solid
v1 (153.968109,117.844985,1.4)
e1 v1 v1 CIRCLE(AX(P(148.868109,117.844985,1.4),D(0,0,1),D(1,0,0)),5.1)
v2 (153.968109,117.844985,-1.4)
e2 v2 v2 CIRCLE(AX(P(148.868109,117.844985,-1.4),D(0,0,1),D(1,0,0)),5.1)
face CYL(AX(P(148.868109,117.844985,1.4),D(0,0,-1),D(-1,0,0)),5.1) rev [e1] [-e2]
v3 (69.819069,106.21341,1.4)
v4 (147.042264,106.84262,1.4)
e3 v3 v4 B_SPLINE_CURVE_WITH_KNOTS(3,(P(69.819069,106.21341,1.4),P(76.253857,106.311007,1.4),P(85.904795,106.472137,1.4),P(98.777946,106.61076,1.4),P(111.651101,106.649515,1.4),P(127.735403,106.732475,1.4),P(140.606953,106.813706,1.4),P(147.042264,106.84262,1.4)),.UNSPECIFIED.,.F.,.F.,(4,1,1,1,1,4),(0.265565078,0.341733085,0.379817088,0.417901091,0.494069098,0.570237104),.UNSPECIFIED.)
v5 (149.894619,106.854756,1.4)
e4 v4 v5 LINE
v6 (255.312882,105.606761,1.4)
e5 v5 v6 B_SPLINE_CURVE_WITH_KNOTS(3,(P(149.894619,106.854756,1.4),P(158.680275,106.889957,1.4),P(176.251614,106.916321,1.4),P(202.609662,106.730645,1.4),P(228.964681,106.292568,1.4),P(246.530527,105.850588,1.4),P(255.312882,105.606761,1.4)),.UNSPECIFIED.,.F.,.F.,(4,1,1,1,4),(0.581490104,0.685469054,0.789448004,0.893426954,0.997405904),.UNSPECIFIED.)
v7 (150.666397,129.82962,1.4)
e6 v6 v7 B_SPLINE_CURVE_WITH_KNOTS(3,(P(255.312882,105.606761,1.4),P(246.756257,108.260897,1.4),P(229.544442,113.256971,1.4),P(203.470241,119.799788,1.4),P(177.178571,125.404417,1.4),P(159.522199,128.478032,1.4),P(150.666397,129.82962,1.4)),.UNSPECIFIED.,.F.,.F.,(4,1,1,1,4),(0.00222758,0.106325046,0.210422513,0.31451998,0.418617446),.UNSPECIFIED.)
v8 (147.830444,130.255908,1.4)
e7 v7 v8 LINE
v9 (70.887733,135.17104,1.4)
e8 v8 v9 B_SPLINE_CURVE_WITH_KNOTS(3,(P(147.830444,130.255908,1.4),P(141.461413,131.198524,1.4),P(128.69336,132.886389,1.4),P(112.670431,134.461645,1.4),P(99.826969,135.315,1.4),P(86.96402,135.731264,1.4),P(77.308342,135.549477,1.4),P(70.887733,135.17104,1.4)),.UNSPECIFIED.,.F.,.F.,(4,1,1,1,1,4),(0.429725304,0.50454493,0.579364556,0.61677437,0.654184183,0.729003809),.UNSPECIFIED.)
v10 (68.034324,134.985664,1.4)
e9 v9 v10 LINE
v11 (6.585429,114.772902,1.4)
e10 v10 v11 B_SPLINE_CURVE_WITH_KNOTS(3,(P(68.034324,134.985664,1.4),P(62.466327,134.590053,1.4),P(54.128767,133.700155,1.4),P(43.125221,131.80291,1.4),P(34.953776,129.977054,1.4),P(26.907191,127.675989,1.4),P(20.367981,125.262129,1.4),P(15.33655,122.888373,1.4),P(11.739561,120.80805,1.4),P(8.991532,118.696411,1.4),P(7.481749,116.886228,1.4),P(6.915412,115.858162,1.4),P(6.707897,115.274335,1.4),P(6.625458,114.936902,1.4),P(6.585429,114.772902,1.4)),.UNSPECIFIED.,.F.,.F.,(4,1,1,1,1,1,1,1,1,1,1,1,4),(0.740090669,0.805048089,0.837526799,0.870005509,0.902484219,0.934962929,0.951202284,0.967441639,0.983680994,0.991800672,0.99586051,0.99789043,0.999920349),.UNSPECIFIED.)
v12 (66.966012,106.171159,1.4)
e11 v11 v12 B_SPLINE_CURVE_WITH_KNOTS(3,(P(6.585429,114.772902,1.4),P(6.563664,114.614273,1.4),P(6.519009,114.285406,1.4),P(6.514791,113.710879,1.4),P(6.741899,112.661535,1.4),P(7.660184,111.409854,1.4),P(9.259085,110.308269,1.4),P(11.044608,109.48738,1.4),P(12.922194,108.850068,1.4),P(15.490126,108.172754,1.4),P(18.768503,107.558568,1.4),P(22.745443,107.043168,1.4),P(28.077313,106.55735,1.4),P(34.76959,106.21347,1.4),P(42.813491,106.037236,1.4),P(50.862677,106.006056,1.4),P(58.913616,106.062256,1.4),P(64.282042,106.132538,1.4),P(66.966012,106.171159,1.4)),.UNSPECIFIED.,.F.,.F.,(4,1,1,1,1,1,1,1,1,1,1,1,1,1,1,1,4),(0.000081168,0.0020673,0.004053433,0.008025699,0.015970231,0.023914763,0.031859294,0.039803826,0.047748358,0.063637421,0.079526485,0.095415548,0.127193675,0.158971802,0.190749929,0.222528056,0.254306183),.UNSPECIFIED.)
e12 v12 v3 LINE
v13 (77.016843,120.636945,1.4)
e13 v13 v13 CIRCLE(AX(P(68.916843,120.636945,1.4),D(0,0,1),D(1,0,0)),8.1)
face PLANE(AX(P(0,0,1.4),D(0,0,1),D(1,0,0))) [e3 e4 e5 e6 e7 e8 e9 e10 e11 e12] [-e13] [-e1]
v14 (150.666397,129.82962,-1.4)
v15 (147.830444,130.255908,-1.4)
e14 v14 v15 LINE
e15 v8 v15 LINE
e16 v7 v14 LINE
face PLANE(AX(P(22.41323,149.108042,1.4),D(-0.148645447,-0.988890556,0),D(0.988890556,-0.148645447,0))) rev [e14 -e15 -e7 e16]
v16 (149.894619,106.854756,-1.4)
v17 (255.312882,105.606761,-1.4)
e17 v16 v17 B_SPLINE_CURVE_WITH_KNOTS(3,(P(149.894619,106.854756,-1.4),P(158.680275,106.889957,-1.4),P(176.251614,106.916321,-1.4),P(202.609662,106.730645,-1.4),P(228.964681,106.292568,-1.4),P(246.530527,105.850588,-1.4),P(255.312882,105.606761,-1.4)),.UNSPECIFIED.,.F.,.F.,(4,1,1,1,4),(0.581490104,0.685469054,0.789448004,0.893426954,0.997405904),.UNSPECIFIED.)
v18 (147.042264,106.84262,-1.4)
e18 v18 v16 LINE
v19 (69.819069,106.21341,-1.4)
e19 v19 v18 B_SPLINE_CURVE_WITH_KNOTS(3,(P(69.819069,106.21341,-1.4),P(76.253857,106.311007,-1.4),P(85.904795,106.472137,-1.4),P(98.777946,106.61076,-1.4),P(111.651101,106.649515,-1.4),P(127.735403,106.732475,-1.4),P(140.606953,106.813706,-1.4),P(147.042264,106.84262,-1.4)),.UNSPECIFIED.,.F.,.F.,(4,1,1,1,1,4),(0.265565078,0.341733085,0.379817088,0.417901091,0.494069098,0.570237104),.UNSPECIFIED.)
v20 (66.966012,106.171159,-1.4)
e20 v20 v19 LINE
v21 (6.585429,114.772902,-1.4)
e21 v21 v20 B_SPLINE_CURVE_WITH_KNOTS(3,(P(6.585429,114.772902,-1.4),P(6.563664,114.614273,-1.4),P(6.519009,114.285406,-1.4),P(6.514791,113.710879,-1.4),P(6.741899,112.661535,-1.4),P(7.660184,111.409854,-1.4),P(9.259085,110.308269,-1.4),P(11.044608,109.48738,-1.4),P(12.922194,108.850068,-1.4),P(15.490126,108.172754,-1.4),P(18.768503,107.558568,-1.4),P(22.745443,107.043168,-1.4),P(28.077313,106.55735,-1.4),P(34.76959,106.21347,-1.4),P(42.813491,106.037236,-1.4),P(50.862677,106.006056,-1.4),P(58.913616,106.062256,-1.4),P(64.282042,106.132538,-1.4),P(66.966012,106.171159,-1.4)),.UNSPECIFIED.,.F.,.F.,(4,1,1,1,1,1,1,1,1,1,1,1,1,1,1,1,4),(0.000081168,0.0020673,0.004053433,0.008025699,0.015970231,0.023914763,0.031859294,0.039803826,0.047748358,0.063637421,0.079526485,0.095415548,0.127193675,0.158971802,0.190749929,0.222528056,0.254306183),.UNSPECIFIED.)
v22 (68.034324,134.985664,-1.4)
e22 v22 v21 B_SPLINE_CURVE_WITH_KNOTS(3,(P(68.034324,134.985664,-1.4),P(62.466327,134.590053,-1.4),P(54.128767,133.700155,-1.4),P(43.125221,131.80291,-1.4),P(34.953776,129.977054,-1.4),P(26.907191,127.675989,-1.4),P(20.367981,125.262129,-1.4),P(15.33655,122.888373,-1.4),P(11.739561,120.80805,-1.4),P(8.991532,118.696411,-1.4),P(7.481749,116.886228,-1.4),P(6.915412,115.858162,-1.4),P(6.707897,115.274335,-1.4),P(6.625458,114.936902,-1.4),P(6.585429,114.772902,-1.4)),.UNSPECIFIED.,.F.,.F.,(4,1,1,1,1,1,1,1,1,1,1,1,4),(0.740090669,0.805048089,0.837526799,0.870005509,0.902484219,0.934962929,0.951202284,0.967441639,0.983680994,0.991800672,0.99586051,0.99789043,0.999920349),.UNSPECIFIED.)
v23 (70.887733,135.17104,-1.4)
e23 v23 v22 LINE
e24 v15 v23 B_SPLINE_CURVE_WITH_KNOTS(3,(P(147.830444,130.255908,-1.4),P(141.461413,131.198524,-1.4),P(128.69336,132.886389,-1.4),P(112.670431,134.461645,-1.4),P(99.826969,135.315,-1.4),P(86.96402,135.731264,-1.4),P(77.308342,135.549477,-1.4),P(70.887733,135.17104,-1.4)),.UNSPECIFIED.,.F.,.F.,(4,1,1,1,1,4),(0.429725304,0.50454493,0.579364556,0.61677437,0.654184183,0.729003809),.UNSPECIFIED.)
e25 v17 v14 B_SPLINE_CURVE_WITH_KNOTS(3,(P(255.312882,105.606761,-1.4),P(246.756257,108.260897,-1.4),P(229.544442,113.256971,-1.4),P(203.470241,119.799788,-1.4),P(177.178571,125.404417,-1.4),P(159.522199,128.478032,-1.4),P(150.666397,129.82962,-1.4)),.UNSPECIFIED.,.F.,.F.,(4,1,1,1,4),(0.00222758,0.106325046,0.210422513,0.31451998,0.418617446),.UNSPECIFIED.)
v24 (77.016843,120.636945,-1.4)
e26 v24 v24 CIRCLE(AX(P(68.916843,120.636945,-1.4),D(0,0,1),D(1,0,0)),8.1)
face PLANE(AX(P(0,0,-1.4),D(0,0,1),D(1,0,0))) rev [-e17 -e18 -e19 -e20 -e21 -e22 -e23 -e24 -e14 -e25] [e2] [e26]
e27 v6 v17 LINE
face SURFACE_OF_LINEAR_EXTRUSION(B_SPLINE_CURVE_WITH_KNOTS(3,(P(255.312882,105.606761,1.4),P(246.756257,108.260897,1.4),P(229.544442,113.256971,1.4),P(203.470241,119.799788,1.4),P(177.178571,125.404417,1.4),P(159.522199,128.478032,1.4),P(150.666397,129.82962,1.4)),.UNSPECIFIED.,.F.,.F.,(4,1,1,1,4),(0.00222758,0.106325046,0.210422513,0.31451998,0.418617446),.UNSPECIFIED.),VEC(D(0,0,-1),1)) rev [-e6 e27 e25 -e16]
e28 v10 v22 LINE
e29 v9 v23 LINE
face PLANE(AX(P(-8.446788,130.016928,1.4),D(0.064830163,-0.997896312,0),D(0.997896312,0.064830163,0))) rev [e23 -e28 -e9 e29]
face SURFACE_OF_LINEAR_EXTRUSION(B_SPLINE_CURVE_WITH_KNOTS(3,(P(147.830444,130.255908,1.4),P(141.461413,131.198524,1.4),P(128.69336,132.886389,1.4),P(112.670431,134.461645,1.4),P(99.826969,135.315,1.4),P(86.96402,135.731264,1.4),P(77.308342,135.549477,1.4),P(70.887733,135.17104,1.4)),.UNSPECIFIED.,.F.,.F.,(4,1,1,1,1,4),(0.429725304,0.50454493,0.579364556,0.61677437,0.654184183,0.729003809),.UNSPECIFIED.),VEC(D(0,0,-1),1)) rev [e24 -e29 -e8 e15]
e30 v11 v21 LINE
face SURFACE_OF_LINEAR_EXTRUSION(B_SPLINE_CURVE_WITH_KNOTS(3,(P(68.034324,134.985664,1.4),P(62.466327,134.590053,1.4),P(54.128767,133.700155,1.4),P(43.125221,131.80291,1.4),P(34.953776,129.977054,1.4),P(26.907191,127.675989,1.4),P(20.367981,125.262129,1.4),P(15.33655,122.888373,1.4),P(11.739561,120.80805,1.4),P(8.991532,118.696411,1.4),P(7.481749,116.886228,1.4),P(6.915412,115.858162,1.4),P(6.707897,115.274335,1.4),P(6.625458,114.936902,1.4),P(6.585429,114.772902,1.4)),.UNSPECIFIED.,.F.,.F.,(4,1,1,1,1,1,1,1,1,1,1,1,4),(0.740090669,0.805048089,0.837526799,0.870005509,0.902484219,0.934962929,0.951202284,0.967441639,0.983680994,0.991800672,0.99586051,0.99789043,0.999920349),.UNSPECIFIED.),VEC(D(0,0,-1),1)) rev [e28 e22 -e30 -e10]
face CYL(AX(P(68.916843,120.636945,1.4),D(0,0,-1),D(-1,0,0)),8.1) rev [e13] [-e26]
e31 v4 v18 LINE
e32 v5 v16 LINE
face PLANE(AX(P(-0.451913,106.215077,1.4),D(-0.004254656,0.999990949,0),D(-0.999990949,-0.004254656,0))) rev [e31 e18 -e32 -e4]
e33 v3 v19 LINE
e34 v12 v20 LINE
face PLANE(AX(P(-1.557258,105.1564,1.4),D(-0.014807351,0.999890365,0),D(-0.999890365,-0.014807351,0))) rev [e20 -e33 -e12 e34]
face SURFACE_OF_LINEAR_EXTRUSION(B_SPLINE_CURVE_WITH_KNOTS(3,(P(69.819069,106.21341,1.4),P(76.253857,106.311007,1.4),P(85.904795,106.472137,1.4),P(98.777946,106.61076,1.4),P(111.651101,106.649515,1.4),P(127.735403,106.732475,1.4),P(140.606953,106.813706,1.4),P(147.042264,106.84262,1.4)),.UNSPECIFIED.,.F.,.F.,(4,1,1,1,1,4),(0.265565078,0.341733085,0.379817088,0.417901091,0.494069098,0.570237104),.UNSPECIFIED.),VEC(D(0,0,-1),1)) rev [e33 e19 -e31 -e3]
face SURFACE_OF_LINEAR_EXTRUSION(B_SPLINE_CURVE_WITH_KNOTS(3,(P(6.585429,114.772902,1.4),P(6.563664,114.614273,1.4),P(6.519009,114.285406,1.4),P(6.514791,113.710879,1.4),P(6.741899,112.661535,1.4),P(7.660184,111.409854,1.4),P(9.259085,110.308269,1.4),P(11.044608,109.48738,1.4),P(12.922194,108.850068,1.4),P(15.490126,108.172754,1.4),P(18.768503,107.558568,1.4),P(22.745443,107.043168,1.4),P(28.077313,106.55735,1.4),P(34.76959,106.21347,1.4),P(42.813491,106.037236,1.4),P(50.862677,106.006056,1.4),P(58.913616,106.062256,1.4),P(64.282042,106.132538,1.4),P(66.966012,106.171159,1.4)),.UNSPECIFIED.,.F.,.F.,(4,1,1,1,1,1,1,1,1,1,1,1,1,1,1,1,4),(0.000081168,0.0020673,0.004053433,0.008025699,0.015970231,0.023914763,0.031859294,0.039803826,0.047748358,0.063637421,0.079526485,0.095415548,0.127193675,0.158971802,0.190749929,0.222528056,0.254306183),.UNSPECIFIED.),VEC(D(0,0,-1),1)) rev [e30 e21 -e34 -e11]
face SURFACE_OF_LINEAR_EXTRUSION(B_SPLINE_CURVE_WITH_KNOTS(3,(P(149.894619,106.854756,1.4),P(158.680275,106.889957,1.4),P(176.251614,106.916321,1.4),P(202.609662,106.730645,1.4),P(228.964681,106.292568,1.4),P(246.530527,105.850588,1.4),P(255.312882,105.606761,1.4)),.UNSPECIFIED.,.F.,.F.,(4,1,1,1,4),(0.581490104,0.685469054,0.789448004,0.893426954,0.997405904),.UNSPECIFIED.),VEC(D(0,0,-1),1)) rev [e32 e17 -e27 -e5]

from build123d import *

# Parameters (mm, degrees)
SKETCH_1_R      = 5.1
SKETCH_1_R_2    = 8.1
EXTRUDE_1_DEPTH = 1.4


with BuildPart() as part:
    # Эскиз1 → Бобышка-Вытянуть1 (new, symmetric)
    with BuildSketch(Plane.XY):
        with BuildLine():
            add(Edge.make_bspline(
                [(149.894619256, 106.85475599), (158.680275083, 106.889957075), (176.251614136, 106.916321205), (202.609661936, 106.730645333), (228.96468106, 106.292568252), (246.530526637, 105.8505877), (255.312881654, 105.606761115)],
                knots=[0.581490104, 0.581490104, 0.581490104, 0.581490104, 0.685469054, 0.789448004, 0.893426954, 0.997405904, 0.997405904, 0.997405904, 0.997405904], degree=3))
            add(Edge.make_bspline(
                [(255.312881654, 105.606761115), (246.756257413, 108.260896884), (229.544442337, 113.256971155), (203.470240893, 119.79978809), (177.1785709, 125.404416996), (159.522198848, 128.478032218), (150.666396798, 129.82962039)],
                knots=[0.00222758, 0.00222758, 0.00222758, 0.00222758, 0.106325046, 0.210422513, 0.31451998, 0.418617446, 0.418617446, 0.418617446, 0.418617446], degree=3))
            Line((150.666396798, 129.82962039), (147.830444309, 130.255907631))
            add(Edge.make_bspline(
                [(147.830444309, 130.255907631), (141.461413304, 131.198524366), (128.693359955, 132.886388705), (112.67043132, 134.461645249), (99.826968741, 135.315000175), (86.964020356, 135.731264376), (77.308341909, 135.549477481), (70.887732655, 135.171040436)],
                knots=[0.429725304, 0.429725304, 0.429725304, 0.429725304, 0.50454493, 0.579364556, 0.61677437, 0.654184183, 0.729003809, 0.729003809, 0.729003809, 0.729003809], degree=3))
            Line((70.887732655, 135.171040436), (68.034324351, 134.985663537))
            add(Edge.make_bspline(
                [(68.034324351, 134.985663537), (62.466327292, 134.590052619), (54.128766773, 133.70015523), (43.125220573, 131.802909904), (34.953776148, 129.977054104), (26.907191476, 127.675989274), (20.367980904, 125.262128549), (15.336549935, 122.888373263), (11.739560791, 120.808049659), (8.991532459, 118.696410574), (7.481749343, 116.886227925), (6.915411804, 115.858161553), (6.707897041, 115.274334726), (6.625457542, 114.936901915), (6.585428501, 114.77290226)],
                knots=[0.740090669, 0.740090669, 0.740090669, 0.740090669, 0.805048089, 0.837526799, 0.870005509, 0.902484219, 0.934962929, 0.951202284, 0.967441639, 0.983680994, 0.991800672, 0.99586051, 0.99789043, 0.999920349, 0.999920349, 0.999920349, 0.999920349], degree=3))
            add(Edge.make_bspline(
                [(6.585428501, 114.77290226), (6.563664146, 114.614273348), (6.519009347, 114.285406452), (6.51479073, 113.71087901), (6.741898783, 112.661535219), (7.660184293, 111.409854013), (9.25908473, 110.308268876), (11.044608157, 109.487380203), (12.922194441, 108.850067694), (15.490126457, 108.172753601), (18.768502962, 107.558568007), (22.745443376, 107.043168294), (28.077313003, 106.557350362), (34.7695904, 106.213470375), (42.813490811, 106.037235573), (50.86267748, 106.006056339), (58.913615572, 106.062256394), (64.282042193, 106.132538161), (66.96601172, 106.171159397)],
                knots=[8.1168e-05, 8.1168e-05, 8.1168e-05, 8.1168e-05, 0.0020673, 0.004053433, 0.008025699, 0.015970231, 0.023914763, 0.031859294, 0.039803826, 0.047748358, 0.063637421, 0.079526485, 0.095415548, 0.127193675, 0.158971802, 0.190749929, 0.222528056, 0.254306183, 0.254306183, 0.254306183, 0.254306183], degree=3))
            Line((66.96601172, 106.171159397), (69.819069007, 106.21341025))
            add(Edge.make_bspline(
                [(69.819069007, 106.21341025), (76.253856733, 106.311006841), (85.904794849, 106.472137373), (98.777945674, 106.610759512), (111.6511009, 106.649514986), (127.735402572, 106.732475133), (140.606952957, 106.813706415), (147.042263767, 106.84262009)],
                knots=[0.265565078, 0.265565078, 0.265565078, 0.265565078, 0.341733085, 0.379817088, 0.417901091, 0.494069098, 0.570237104, 0.570237104, 0.570237104, 0.570237104], degree=3))
            Line((147.042263767, 106.84262009), (149.894619256, 106.85475599))
        make_face()
        with Locations((148.868108764, 117.844985284)):
            Circle(SKETCH_1_R, mode=Mode.SUBTRACT)
        with Locations((68.916842603, 120.636945021)):
            Circle(SKETCH_1_R_2, mode=Mode.SUBTRACT)
    extrude(amount=EXTRUDE_1_DEPTH, both=True)


solid = part.part
